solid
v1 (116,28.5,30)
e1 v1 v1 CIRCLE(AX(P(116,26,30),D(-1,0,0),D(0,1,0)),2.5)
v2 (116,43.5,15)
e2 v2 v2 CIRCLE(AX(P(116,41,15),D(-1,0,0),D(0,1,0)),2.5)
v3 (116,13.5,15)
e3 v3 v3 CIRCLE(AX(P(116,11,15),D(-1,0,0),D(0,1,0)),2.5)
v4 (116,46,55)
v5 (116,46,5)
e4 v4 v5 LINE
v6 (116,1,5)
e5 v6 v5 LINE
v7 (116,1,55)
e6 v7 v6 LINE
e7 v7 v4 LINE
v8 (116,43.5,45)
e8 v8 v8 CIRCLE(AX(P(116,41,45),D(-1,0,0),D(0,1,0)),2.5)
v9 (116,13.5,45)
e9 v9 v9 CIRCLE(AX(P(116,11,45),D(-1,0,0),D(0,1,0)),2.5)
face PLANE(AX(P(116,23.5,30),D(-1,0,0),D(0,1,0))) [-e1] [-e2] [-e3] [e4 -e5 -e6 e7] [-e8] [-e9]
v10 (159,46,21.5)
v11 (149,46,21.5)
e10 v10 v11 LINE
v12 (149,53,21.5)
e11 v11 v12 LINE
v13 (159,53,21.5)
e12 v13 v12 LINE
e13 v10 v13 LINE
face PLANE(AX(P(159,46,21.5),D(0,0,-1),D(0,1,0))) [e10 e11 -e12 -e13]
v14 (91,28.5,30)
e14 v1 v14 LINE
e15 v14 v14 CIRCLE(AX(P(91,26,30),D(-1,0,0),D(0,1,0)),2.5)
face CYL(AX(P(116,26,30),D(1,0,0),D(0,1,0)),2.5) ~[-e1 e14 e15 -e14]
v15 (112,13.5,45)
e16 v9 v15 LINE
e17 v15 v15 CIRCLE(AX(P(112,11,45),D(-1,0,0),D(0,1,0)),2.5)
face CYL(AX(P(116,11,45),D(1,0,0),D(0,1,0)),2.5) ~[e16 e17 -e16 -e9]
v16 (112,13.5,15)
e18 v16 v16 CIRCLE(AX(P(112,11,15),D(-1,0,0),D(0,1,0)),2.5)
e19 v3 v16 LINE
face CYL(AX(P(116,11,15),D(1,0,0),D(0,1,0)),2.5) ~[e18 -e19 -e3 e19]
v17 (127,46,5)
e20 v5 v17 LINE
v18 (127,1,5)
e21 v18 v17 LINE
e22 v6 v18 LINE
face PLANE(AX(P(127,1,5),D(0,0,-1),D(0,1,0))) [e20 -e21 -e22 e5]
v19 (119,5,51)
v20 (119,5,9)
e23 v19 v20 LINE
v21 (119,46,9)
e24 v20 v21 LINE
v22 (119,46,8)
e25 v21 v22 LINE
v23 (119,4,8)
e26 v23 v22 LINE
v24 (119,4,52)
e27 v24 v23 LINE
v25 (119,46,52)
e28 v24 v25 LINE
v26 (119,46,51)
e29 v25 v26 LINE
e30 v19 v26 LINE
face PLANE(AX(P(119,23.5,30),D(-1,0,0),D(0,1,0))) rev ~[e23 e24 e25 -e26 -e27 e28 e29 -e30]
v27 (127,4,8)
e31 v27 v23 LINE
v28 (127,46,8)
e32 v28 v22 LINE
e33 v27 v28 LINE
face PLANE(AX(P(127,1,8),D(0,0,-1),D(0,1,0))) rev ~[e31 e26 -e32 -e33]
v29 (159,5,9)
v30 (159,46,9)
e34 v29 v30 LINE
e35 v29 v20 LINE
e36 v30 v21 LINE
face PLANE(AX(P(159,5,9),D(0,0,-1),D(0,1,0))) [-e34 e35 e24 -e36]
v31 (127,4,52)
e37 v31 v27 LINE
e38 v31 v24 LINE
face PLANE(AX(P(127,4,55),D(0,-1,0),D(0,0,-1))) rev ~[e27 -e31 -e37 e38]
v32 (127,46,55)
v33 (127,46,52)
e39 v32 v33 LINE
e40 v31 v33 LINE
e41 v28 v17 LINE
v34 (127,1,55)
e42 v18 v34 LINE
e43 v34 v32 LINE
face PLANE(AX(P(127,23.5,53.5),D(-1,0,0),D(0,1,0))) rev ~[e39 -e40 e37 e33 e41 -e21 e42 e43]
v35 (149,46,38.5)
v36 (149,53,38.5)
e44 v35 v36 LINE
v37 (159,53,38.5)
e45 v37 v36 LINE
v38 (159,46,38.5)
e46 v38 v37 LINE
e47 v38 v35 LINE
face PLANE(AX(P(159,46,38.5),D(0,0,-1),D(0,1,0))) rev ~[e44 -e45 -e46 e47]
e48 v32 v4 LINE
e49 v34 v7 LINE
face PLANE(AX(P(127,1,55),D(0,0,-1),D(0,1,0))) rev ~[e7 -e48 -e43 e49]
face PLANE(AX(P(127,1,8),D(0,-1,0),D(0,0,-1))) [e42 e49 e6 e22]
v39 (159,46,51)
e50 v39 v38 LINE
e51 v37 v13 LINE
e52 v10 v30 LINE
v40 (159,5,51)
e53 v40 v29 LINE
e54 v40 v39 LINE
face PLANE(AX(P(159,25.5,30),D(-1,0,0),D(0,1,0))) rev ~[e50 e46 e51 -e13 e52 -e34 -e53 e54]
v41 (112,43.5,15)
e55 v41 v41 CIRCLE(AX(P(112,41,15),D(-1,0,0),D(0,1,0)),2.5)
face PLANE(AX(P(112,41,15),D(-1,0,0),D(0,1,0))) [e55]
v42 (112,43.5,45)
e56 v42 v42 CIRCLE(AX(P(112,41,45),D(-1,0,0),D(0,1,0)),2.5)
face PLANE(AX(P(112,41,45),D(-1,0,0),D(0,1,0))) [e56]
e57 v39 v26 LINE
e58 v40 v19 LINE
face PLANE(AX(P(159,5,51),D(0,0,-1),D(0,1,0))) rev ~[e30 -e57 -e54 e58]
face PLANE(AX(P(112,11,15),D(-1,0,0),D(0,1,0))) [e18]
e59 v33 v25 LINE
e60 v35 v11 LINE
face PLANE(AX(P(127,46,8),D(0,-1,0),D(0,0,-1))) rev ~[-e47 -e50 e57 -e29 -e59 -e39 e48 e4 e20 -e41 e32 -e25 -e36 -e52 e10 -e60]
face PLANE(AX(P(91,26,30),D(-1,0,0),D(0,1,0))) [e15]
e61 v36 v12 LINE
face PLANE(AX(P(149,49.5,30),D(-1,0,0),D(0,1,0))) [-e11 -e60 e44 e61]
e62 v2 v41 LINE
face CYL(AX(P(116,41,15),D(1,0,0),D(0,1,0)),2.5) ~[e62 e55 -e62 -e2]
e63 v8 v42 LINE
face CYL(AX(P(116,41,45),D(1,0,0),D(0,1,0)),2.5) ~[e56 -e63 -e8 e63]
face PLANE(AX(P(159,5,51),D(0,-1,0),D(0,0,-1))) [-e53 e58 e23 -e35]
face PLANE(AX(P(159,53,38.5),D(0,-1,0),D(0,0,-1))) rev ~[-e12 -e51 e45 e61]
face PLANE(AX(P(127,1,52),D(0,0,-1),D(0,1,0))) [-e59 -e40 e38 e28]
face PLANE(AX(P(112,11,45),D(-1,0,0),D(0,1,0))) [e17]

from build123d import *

# Parameters (mm, degrees)
BOX009_W                  = 41
BOX009_H                  = 42
BOX009_DEPTH              = 40
BOX008_W                  = 7
BOX008_H                  = 17
BOX008_DEPTH              = 10
CYLINDER004_R             = 2.5
CYLINDER004_DEPTH         = 25
CYLINDER005_R             = 2.5
CYLINDER005_DEPTH         = 4
BOX012_W                  = 45
BOX012_H                  = 3
BOX012_DEPTH              = 8
BOX011_W                  = 3
BOX011_H                  = 50
BOX011_DEPTH              = 8
BOX010_W                  = 45
BOX010_H                  = 50
BOX010_DEPTH              = 3
FUSION005_ROLL_ANGLE      = -90
FUSION005_PLACEMENT_ANGLE = 90


with BuildPart() as base_motor001:
    # Box009 → Box009 (new body)
    with BuildSketch(Plane(origin=(4, 4, 0), x_dir=(1, 0, 0), z_dir=(0, 0, 1))):
        with Locations((20.5, 21)):
            Rectangle(BOX009_W, BOX009_H)
    extrude(amount=BOX009_DEPTH)


with BuildPart() as alimentacion002:
    # Box008 → Box008 (new body)
    with BuildSketch(Plane(origin=(45, 16.5, 0), x_dir=(1, 0, 0), z_dir=(0, 0, 1))):
        with Locations((3.5, 8.5)):
            Rectangle(BOX008_W, BOX008_H)
    extrude(amount=BOX008_DEPTH)


with BuildPart() as motor001:
    # Cylinder004 → Cylinder004 (new body)
    with BuildSketch(Plane(origin=(25, 25, 43), x_dir=(1, 0, 0), z_dir=(0, 0, 1))):
        Circle(CYLINDER004_R)
    extrude(amount=CYLINDER004_DEPTH)

    # Fusion007: union base motor001, alimentacion002
    add(base_motor001.part)
    add(alimentacion002.part)


with BuildPart() as tonillo_motor009:
    # Cylinder005 → Cylinder005 (new body)
    with BuildSketch(Plane(origin=(10, 10, 43), x_dir=(1, 0, 0), z_dir=(0, 0, 1))):
        Circle(CYLINDER005_R)
    extrude(amount=CYLINDER005_DEPTH)


with BuildPart() as tonillo_motor010:
    # Link009 base: copy of tonillo motor009
    add(tonillo_motor009.part)


with BuildPart() as tonillo_motor010_1:
    # Link009 placement: moved
    add(tonillo_motor010.part.moved(Location((30, 30, 0))))


with BuildPart() as tonillo_motor011:
    # Link010 base: copy of tonillo motor009
    add(tonillo_motor009.part)


with BuildPart() as tonillo_motor011_1:
    # Link010 placement: moved
    add(tonillo_motor011.part.moved(Location((30, 0, 0))))


with BuildPart() as tonillo_motor008:
    # Link007 base: copy of tonillo motor009
    add(tonillo_motor009.part)


with BuildPart() as tonillo_motor008_1:
    # Link007 placement: moved
    add(tonillo_motor008.part.moved(Location((0, 30, 0))))


with BuildPart() as lateral_izq001:
    # Box012 → Box012 (new body)
    with BuildSketch(Plane.XY.offset(32)):
        with Locations((22.5, 1.5)):
            Rectangle(BOX012_W, BOX012_H)
    extrude(amount=BOX012_DEPTH)


with BuildPart() as lateral_der001:
    # Link008 base: copy of lateral izq001
    add(lateral_izq001.part)


with BuildPart() as lateral_der001_1:
    # Link008 placement: moved
    add(lateral_der001.part.moved(Location((0, 47, 0))))


with BuildPart() as lateral_frente001:
    # Box011 → Box011 (new body)
    with BuildSketch(Plane.XY.offset(32)):
        with Locations((1.5, 25)):
            Rectangle(BOX011_W, BOX011_H)
    extrude(amount=BOX011_DEPTH)


with BuildPart() as motor_completo001:
    # Box010 → Box010 (new body)
    with BuildSketch(Plane.XY.offset(40)):
        with Locations((22.5, 25)):
            Rectangle(BOX010_W, BOX010_H)
    extrude(amount=BOX010_DEPTH)

    # Fusion006: union lateral izq001, lateral der001, lateral frente001
    add(lateral_izq001.part)
    add(lateral_der001_1.part)
    add(lateral_frente001.part)

    # Fusion005: union motor001, tonillo motor010, tonillo motor011, tonillo motor008, tonillo motor009
    add(motor001.part)
    add(tonillo_motor010_1.part)
    add(tonillo_motor011_1.part)
    add(tonillo_motor008_1.part)
    add(tonillo_motor009.part)


with BuildPart() as motor_completo001_1:
    # Fusion005 roll: moved
    add(motor_completo001.part.rotate(Axis((0, 0, 0), (1, 0, 0)), FUSION005_ROLL_ANGLE))


with BuildPart() as motor_completo001_2:
    # Fusion005 placement: moved
    add(motor_completo001_1.part.moved(Location((159, 1, 55))).rotate(Axis((159, 1, 55), (0, 0, 1)), FUSION005_PLACEMENT_ANGLE))


solid = motor_completo001_2.part
